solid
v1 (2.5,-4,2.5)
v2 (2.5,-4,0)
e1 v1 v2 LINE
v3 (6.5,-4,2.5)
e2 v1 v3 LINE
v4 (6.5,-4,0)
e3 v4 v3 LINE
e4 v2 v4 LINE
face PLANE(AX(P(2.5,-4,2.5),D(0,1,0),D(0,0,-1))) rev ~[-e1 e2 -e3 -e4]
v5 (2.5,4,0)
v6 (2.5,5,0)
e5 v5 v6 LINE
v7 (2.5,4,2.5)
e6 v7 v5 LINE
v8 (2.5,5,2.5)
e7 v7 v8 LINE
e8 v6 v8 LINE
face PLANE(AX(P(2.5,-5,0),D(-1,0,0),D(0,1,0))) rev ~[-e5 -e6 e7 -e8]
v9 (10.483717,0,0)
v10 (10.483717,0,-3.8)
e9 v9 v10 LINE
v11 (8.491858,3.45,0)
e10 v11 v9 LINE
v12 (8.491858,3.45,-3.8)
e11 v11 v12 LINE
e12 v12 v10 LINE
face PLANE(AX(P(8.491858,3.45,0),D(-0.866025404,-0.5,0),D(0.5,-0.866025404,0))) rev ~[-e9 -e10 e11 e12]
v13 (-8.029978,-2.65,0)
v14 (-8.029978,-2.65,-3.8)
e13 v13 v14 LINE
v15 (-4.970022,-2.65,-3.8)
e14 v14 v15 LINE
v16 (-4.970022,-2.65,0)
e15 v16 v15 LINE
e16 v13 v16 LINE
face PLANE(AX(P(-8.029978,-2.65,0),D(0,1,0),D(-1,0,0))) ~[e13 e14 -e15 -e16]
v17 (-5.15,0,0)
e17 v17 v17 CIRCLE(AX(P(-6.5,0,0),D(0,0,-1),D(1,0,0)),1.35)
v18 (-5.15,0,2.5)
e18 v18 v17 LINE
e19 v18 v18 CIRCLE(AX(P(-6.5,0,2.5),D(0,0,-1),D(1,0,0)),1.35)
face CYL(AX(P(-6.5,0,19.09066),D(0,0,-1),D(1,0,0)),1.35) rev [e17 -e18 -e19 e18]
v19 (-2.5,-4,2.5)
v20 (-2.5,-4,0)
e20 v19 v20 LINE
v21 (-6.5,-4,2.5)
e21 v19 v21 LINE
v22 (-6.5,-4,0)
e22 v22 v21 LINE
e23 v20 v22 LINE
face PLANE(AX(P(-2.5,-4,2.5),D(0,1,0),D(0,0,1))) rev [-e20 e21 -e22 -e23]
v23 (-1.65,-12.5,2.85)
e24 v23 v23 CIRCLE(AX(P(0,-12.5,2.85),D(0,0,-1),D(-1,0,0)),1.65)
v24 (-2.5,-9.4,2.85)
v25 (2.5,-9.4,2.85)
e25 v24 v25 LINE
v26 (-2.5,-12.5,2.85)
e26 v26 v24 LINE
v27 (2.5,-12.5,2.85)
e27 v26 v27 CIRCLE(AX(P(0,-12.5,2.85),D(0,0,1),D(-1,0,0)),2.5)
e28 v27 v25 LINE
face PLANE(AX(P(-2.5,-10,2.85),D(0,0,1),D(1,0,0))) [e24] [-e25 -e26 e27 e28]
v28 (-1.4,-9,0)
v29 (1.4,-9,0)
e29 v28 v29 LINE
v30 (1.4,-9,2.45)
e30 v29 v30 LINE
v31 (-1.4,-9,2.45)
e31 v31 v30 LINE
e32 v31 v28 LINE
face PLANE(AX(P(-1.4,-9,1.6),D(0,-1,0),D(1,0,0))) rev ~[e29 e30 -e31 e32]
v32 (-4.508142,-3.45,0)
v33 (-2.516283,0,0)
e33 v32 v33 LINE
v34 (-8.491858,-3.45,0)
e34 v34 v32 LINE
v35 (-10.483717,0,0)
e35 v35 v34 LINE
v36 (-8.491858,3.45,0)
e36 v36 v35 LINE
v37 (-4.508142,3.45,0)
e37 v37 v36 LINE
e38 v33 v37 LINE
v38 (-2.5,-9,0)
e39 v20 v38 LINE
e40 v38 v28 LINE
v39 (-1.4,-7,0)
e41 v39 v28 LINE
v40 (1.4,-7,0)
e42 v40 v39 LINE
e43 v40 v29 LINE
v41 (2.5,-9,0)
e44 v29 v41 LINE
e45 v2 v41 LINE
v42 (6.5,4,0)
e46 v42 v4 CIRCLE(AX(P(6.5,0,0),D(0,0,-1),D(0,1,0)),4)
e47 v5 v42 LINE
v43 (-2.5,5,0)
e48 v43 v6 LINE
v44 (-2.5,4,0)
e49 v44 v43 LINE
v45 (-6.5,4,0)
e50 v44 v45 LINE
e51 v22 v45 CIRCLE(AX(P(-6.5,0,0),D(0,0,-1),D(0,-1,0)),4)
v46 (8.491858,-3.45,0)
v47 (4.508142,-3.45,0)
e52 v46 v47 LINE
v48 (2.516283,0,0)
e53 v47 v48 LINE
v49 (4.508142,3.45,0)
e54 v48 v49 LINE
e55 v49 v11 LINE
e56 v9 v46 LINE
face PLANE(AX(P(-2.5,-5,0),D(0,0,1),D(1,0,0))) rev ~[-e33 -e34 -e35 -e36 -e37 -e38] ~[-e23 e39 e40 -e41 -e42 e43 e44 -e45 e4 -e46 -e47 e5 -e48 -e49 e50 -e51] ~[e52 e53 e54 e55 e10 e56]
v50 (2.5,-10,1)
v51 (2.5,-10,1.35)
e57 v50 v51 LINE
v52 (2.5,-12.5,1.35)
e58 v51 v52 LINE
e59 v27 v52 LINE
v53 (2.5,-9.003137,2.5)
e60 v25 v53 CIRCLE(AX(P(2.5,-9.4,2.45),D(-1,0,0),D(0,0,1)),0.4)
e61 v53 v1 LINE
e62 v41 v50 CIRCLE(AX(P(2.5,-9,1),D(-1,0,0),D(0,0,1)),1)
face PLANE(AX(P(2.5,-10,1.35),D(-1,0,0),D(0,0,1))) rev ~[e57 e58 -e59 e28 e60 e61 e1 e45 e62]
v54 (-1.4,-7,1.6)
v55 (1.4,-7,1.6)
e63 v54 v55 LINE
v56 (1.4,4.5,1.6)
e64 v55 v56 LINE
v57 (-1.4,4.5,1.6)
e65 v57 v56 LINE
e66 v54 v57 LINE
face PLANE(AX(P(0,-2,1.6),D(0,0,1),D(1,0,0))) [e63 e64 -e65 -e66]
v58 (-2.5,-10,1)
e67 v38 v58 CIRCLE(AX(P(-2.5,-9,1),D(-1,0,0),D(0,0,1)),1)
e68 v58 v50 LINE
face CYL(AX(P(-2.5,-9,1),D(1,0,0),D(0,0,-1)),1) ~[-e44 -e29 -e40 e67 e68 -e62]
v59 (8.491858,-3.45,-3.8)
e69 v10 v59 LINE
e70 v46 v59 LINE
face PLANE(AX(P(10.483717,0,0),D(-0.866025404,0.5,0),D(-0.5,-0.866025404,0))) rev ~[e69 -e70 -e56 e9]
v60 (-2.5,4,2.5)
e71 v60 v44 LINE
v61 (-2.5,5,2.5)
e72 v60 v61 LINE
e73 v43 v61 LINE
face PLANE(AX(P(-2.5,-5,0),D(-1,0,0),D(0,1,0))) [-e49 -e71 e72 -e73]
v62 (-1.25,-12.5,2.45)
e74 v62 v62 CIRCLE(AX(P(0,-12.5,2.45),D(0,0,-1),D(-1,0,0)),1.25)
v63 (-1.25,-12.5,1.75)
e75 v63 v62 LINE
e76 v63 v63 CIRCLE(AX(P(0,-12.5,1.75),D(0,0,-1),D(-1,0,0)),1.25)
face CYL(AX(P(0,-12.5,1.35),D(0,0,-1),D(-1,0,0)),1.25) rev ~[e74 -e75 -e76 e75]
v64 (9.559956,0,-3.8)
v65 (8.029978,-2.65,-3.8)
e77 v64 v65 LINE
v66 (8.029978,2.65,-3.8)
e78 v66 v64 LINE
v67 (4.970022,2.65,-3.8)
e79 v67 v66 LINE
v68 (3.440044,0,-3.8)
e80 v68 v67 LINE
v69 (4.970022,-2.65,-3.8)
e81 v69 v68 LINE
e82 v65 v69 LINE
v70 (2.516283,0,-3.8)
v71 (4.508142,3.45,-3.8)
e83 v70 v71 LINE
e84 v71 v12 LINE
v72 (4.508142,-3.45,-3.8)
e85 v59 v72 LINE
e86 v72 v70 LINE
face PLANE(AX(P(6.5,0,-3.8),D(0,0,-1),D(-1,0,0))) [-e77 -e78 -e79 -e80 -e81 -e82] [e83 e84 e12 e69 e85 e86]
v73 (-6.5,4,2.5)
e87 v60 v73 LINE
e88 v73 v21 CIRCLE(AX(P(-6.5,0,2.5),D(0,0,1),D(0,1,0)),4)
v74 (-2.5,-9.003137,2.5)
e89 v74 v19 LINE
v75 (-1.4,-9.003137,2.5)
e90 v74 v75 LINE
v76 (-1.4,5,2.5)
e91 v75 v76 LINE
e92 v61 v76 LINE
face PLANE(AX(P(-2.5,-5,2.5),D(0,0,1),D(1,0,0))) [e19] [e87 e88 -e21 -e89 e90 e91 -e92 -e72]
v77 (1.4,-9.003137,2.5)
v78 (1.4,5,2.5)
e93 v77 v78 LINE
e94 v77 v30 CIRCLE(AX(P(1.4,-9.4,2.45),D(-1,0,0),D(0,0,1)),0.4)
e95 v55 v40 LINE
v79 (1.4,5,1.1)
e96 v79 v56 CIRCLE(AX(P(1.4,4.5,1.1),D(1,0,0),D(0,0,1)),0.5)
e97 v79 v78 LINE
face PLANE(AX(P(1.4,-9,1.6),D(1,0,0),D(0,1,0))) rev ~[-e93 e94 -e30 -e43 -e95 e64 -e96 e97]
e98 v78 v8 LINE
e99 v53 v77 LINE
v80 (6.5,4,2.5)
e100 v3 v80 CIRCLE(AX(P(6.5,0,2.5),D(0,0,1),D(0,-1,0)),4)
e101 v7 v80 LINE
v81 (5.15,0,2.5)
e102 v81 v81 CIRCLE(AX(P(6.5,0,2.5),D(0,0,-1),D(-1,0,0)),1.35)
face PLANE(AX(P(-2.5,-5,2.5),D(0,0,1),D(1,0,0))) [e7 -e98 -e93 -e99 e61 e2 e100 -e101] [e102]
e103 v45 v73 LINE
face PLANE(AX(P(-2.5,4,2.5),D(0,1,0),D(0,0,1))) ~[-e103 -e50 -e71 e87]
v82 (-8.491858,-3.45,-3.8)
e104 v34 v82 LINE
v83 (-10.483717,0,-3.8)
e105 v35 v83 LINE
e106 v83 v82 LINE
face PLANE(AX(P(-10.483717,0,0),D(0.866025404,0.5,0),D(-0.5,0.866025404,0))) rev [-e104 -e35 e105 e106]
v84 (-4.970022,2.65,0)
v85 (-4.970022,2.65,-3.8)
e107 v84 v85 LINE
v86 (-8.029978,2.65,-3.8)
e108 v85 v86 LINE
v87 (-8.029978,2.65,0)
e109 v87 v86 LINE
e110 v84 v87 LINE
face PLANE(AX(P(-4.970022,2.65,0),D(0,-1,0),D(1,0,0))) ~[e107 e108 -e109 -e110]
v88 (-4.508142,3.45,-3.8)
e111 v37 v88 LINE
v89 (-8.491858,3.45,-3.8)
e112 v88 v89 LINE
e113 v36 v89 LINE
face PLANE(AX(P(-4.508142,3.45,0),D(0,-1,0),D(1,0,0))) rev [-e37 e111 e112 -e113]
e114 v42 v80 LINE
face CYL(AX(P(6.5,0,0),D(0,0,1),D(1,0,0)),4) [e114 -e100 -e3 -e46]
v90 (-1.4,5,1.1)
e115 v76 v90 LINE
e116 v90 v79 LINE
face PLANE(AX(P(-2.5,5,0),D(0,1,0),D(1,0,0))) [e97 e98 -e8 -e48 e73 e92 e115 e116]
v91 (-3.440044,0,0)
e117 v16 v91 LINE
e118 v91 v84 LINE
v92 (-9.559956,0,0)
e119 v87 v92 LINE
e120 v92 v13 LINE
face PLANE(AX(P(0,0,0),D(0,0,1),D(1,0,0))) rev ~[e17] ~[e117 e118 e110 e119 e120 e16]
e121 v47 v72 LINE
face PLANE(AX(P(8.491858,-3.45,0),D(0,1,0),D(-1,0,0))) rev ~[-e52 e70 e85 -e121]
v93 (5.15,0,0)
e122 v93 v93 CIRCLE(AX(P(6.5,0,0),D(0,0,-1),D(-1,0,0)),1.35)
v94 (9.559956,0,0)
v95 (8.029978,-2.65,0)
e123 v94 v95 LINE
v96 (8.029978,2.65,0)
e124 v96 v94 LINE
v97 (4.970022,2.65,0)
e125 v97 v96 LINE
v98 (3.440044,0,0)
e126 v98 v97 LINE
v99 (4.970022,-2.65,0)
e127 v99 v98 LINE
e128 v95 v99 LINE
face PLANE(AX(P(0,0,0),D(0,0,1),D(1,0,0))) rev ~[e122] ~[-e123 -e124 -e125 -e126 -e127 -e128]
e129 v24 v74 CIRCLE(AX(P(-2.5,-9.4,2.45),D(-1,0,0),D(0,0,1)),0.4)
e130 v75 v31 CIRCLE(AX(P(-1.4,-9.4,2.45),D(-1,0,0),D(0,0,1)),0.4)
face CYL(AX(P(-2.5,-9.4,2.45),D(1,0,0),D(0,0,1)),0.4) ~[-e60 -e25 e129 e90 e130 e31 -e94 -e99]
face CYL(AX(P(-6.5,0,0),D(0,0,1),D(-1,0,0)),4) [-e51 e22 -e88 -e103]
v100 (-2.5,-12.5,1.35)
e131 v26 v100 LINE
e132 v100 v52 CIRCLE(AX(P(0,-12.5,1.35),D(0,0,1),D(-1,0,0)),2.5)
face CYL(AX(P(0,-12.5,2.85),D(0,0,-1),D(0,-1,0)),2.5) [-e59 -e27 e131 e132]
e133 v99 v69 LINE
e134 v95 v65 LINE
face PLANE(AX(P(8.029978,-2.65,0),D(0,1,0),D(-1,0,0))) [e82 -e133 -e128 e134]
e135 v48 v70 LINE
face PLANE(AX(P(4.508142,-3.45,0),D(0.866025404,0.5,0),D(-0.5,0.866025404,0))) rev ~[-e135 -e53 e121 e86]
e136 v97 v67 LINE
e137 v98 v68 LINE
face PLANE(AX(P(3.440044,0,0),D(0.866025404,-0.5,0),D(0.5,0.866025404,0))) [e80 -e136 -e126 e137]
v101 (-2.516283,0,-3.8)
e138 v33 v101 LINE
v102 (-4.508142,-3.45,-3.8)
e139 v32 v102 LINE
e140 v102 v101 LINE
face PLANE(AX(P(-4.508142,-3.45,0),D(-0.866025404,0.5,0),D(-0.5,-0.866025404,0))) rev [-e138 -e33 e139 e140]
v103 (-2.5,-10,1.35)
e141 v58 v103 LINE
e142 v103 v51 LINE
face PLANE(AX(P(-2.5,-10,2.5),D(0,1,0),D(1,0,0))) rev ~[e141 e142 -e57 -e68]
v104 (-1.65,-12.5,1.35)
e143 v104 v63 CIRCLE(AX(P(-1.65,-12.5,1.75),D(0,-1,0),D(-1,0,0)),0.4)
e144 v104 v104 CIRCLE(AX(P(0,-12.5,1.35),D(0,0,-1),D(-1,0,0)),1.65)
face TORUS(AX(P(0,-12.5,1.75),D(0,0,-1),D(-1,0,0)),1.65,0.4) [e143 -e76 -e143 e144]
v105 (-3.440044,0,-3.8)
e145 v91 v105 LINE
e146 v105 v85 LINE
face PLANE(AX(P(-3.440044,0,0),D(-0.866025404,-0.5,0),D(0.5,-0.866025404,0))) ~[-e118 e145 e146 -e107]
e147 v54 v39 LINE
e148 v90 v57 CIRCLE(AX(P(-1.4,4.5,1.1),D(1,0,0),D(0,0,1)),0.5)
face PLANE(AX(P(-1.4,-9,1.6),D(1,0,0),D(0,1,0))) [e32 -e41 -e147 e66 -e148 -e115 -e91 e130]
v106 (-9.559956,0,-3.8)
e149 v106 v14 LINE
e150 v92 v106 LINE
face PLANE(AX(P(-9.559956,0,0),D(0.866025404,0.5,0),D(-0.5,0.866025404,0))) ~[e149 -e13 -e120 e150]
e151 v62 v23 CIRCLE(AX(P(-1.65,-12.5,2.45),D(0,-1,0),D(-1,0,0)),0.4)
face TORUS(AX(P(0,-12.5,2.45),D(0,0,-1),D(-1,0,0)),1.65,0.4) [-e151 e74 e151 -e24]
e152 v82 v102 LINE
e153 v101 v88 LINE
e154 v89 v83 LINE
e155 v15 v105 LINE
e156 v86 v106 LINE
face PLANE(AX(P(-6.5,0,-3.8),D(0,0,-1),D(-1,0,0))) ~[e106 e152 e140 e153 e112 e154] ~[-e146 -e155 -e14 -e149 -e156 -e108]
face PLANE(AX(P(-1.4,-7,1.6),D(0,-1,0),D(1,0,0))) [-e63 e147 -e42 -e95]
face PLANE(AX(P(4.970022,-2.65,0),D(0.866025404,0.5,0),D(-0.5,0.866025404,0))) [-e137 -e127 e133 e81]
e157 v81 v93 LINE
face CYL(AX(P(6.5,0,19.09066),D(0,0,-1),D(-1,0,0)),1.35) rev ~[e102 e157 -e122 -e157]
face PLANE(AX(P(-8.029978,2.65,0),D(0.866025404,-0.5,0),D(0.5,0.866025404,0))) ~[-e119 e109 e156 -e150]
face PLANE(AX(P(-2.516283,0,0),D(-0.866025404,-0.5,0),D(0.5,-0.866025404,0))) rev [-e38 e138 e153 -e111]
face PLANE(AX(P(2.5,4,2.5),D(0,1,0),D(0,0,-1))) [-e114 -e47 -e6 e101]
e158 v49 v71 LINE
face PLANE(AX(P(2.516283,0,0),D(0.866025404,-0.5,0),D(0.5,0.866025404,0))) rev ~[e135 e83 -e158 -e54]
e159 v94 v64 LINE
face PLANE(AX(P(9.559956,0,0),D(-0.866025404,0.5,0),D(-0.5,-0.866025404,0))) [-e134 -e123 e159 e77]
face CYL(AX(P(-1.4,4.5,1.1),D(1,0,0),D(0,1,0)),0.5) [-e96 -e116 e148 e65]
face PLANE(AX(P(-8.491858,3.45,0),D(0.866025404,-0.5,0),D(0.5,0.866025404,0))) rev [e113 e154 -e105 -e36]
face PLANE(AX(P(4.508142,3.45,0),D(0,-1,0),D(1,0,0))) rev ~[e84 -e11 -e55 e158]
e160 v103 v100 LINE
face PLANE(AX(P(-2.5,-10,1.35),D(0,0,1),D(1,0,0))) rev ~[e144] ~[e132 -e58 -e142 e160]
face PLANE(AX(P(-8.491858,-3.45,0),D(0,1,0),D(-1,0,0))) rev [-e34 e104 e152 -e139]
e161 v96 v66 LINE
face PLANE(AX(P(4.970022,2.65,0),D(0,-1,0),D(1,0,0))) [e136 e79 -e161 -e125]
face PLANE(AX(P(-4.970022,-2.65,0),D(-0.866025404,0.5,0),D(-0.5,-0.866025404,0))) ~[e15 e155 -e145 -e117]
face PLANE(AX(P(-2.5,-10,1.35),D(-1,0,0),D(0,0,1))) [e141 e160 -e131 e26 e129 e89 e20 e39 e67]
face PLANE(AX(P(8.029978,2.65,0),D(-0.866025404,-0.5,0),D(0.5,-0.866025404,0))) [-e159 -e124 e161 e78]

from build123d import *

# Parameters (mm, degrees)
SKETCH_1_W                    = 5
SKETCH_1_H                    = 10
EXTRUDE_297_DEPTH             = 2.5
SKETCH_2_W                    = 2.5
SKETCH_2_H                    = 8
EXTRUDE_2_DEPTH               = 8
HOLE_WIZARD_M2_5_2_D          = 2.7
EXTRUDE_1_DEPTH               = 3.8
FILLET_1_RADIUS               = 4
FILLET_1_LENGTH               = 2.5
FILLET_1_OF_MIRROR_1_2_RADIUS = 4
FILLET_1_OF_MIRROR_1_2_LENGTH = 2.5
SKETCH_13_W                   = 5
SKETCH_13_H                   = 2.5
EXTRUDE_3_DEPTH               = 5
SKETCH_15_W                   = 2.8
SKETCH_15_H                   = 14
CUT_EXTRUDE_2383_DEPTH        = 0.9
FILLET_2_R                    = 0.5
SKETCH_16_W                   = 5
SKETCH_16_H                   = 1
EXTRUDE_4_DEPTH               = 0.35
SKETCH_17_W                   = 5
SKETCH_17_H                   = 1.5
EXTRUDE_5_DEPTH               = 5
CUT_EXTRUDE_1_REACH           = 21.02
SKETCH_18_R                   = 1.25
FILLET_3_RADIUS               = 2.5
FILLET_3_LENGTH               = 1.5
FILLET_4_R                    = 0.4
FILLET_5_R                    = 1
CUT_EXTRUDE_2_REACH           = 21.09
SKETCH_19_W                   = 2.8
SKETCH_19_H                   = 2


with BuildPart() as part:
    # 草图1 → Extrude 297 (new body)
    with BuildSketch(Plane.XY):
        Rectangle(SKETCH_1_W, SKETCH_1_H)
    extrude(amount=EXTRUDE_297_DEPTH)

    # 草图2 → 凸台-拉伸2 (add)
    with BuildSketch(Plane(origin=(2.5, 0, 0), x_dir=(0, 0, -1), z_dir=(1, 0, 0))):
        with Locations((-1.25, 0)):
            Rectangle(SKETCH_2_W, SKETCH_2_H)
    extrude_2 = extrude(amount=EXTRUDE_2_DEPTH)

    # M2.5 间隙孔2 (through all)
    with Locations(Plane.XY.offset(2.5)):
        with Locations((6.5, 0)):
            hole_wizard_m2_5_2 = Hole(HOLE_WIZARD_M2_5_2_D / 2)

    # 草图11 → 拉伸-薄壁1 (add)
    with BuildSketch(Plane(origin=(0, 0, 0), x_dir=(-1, 0, 0), z_dir=(0, 0, -1))):
        Polygon((-4.508141571, 3.45), (-8.491858429, 3.45), (-10.483716857, 0), (-8.491858429, -3.45), (-4.508141571, -3.45), (-2.516283143, 0), align=None)
        Polygon((-4.970021787, 2.65), (-8.029978213, 2.65), (-9.559956427, 0), (-8.029978213, -2.65), (-4.970021787, -2.65), (-3.440043573, 0), align=None, mode=Mode.SUBTRACT)
    extrude_1 = extrude(amount=EXTRUDE_1_DEPTH)

    # 圆角1: full round fillet: the end face becomes a half cylinder, R = half its width
    fillet_1_face = Plane((10.5, 0, 1.25), x_dir=(0, 0, 1), z_dir=(1, 0, 0))  # on the end face: x along it, z out of the body
    fillet_1_slab = fillet_1_face.offset(-FILLET_1_RADIUS / 2) * Box(FILLET_1_LENGTH, 2 * FILLET_1_RADIUS, FILLET_1_RADIUS, mode=Mode.PRIVATE)  # the body's end, R deep
    fillet_1_round = Plane((6.5, 0, 1.25), x_dir=(1, 0, 0), z_dir=(0, 0, 1)) * Cylinder(FILLET_1_RADIUS, FILLET_1_LENGTH, mode=Mode.PRIVATE)  # its axis R under the face
    add(fillet_1_slab - fillet_1_round, mode=Mode.SUBTRACT)

    # 镜向1: 凸台-拉伸2, M2.5 间隙孔2, 拉伸-薄壁1 across plane
    add(extrude_2.mirror(Plane(origin=(0, 0, 0), x_dir=(0, 0, 1), z_dir=(1, 0, 0))))
    add(hole_wizard_m2_5_2.mirror(Plane(origin=(0, 0, 0), x_dir=(0, 0, 1), z_dir=(1, 0, 0))), mode=Mode.SUBTRACT)
    add(extrude_1.mirror(Plane(origin=(0, 0, 0), x_dir=(0, 0, 1), z_dir=(1, 0, 0))))

    # 圆角1 of Mirror 1 2: full round fillet: the end face becomes a half cylinder, R = half its width
    fillet_1_of_mirror_1_2_face = Plane((-10.5, 0, 1.25), x_dir=(0, 0, 1), z_dir=(-1, 0, 0))  # on the end face: x along it, z out of the body
    fillet_1_of_mirror_1_2_slab = fillet_1_of_mirror_1_2_face.offset(-FILLET_1_OF_MIRROR_1_2_RADIUS / 2) * Box(FILLET_1_OF_MIRROR_1_2_LENGTH, 2 * FILLET_1_OF_MIRROR_1_2_RADIUS, FILLET_1_OF_MIRROR_1_2_RADIUS, mode=Mode.PRIVATE)  # the body's end, R deep
    fillet_1_of_mirror_1_2_round = Plane((-6.5, 0, 1.25), x_dir=(-1, 0, 0), z_dir=(0, 0, 1)) * Cylinder(FILLET_1_OF_MIRROR_1_2_RADIUS, FILLET_1_OF_MIRROR_1_2_LENGTH, mode=Mode.PRIVATE)  # its axis R under the face
    add(fillet_1_of_mirror_1_2_slab - fillet_1_of_mirror_1_2_round, mode=Mode.SUBTRACT)

    # 草图13 → 凸台-拉伸3 (add)
    with BuildSketch(Plane.XZ.offset(5)):
        with Locations((0, 1.25)):
            Rectangle(SKETCH_13_W, SKETCH_13_H)
    extrude(amount=EXTRUDE_3_DEPTH)

    # 草图15 → Cut-Extrude 2383 (cut)
    with BuildSketch(Plane.XY.offset(2.5)):
        with Locations((0, -2)):
            Rectangle(SKETCH_15_W, SKETCH_15_H)
    extrude(amount=-CUT_EXTRUDE_2383_DEPTH, mode=Mode.SUBTRACT)

    # 圆角2
    fillet_2_edges = [part.edges().sort_by_distance(p)[0] for p in [
        (0, 5, 1.6),
    ]]
    fillet(fillet_2_edges, radius=FILLET_2_R)

    # 草图16 → 凸台-拉伸4 (add)
    with BuildSketch(Plane.XY.offset(2.5)):
        with Locations((0, -9.5)):
            Rectangle(SKETCH_16_W, SKETCH_16_H)
    extrude(amount=EXTRUDE_4_DEPTH)

    # 草图17 → 凸台-拉伸5 (add)
    with BuildSketch(Plane.XZ.offset(10)):
        with Locations((0, 2.1)):
            Rectangle(SKETCH_17_W, SKETCH_17_H)
    extrude(amount=EXTRUDE_5_DEPTH)

    # 草图18 → 切除-拉伸1 (cut, up to next)
    with BuildSketch(Plane(origin=(0, 0, 1.35), x_dir=(-1, 0, 0), z_dir=(0, 0, -1)), mode=Mode.PRIVATE) as cut_extrude_1_sk1:
        with Locations((0, -12.5)):
            Circle(SKETCH_18_R)
    cut_extrude_1_tool1 = extrude(cut_extrude_1_sk1.sketch, amount=-CUT_EXTRUDE_1_REACH, mode=Mode.PRIVATE) & part.part
    add(cut_extrude_1_tool1.solids().sort_by_distance((0, -12.5, 1.35))[0], mode=Mode.SUBTRACT)

    # 圆角3: full round fillet: the end face becomes a half cylinder, R = half its width
    fillet_3_face = Plane((0, -15, 2.1), x_dir=(0, 0, -1), z_dir=(0, -1, 0))  # on the end face: x along it, z out of the body
    fillet_3_slab = fillet_3_face.offset(-FILLET_3_RADIUS / 2) * Box(FILLET_3_LENGTH, 2 * FILLET_3_RADIUS, FILLET_3_RADIUS, mode=Mode.PRIVATE)  # the body's end, R deep
    fillet_3_round = Plane((0, -12.5, 2.1), x_dir=(0, -1, 0), z_dir=(0, 0, -1)) * Cylinder(FILLET_3_RADIUS, FILLET_3_LENGTH, mode=Mode.PRIVATE)  # its axis R under the face
    add(fillet_3_slab - fillet_3_round, mode=Mode.SUBTRACT)

    # 圆角4
    fillet_4_edges = [part.edges().sort_by_distance(p)[0] for p in [
        (1.25, -12.5, 2.85),
        (1.25, -12.5, 1.35),
        (0, -9, 2.85),
    ]]
    fillet(fillet_4_edges, radius=FILLET_4_R)

    # 圆角5
    fillet_5_edges = [part.edges().sort_by_distance(p)[0] for p in [
        (0, -10, 0),
    ]]
    fillet(fillet_5_edges, radius=FILLET_5_R)

    # 草图19 → 切除-拉伸2 (cut, up to next)
    with BuildSketch(Plane.XY.offset(1.6), mode=Mode.PRIVATE) as cut_extrude_2_sk1:
        with Locations((0, -8)):
            Rectangle(SKETCH_19_W, SKETCH_19_H)
    cut_extrude_2_tool1 = extrude(cut_extrude_2_sk1.sketch, amount=-CUT_EXTRUDE_2_REACH, mode=Mode.PRIVATE) & part.part
    add(cut_extrude_2_tool1.solids().sort_by_distance((0, -8, 1.6))[0], mode=Mode.SUBTRACT)


solid = part.part
